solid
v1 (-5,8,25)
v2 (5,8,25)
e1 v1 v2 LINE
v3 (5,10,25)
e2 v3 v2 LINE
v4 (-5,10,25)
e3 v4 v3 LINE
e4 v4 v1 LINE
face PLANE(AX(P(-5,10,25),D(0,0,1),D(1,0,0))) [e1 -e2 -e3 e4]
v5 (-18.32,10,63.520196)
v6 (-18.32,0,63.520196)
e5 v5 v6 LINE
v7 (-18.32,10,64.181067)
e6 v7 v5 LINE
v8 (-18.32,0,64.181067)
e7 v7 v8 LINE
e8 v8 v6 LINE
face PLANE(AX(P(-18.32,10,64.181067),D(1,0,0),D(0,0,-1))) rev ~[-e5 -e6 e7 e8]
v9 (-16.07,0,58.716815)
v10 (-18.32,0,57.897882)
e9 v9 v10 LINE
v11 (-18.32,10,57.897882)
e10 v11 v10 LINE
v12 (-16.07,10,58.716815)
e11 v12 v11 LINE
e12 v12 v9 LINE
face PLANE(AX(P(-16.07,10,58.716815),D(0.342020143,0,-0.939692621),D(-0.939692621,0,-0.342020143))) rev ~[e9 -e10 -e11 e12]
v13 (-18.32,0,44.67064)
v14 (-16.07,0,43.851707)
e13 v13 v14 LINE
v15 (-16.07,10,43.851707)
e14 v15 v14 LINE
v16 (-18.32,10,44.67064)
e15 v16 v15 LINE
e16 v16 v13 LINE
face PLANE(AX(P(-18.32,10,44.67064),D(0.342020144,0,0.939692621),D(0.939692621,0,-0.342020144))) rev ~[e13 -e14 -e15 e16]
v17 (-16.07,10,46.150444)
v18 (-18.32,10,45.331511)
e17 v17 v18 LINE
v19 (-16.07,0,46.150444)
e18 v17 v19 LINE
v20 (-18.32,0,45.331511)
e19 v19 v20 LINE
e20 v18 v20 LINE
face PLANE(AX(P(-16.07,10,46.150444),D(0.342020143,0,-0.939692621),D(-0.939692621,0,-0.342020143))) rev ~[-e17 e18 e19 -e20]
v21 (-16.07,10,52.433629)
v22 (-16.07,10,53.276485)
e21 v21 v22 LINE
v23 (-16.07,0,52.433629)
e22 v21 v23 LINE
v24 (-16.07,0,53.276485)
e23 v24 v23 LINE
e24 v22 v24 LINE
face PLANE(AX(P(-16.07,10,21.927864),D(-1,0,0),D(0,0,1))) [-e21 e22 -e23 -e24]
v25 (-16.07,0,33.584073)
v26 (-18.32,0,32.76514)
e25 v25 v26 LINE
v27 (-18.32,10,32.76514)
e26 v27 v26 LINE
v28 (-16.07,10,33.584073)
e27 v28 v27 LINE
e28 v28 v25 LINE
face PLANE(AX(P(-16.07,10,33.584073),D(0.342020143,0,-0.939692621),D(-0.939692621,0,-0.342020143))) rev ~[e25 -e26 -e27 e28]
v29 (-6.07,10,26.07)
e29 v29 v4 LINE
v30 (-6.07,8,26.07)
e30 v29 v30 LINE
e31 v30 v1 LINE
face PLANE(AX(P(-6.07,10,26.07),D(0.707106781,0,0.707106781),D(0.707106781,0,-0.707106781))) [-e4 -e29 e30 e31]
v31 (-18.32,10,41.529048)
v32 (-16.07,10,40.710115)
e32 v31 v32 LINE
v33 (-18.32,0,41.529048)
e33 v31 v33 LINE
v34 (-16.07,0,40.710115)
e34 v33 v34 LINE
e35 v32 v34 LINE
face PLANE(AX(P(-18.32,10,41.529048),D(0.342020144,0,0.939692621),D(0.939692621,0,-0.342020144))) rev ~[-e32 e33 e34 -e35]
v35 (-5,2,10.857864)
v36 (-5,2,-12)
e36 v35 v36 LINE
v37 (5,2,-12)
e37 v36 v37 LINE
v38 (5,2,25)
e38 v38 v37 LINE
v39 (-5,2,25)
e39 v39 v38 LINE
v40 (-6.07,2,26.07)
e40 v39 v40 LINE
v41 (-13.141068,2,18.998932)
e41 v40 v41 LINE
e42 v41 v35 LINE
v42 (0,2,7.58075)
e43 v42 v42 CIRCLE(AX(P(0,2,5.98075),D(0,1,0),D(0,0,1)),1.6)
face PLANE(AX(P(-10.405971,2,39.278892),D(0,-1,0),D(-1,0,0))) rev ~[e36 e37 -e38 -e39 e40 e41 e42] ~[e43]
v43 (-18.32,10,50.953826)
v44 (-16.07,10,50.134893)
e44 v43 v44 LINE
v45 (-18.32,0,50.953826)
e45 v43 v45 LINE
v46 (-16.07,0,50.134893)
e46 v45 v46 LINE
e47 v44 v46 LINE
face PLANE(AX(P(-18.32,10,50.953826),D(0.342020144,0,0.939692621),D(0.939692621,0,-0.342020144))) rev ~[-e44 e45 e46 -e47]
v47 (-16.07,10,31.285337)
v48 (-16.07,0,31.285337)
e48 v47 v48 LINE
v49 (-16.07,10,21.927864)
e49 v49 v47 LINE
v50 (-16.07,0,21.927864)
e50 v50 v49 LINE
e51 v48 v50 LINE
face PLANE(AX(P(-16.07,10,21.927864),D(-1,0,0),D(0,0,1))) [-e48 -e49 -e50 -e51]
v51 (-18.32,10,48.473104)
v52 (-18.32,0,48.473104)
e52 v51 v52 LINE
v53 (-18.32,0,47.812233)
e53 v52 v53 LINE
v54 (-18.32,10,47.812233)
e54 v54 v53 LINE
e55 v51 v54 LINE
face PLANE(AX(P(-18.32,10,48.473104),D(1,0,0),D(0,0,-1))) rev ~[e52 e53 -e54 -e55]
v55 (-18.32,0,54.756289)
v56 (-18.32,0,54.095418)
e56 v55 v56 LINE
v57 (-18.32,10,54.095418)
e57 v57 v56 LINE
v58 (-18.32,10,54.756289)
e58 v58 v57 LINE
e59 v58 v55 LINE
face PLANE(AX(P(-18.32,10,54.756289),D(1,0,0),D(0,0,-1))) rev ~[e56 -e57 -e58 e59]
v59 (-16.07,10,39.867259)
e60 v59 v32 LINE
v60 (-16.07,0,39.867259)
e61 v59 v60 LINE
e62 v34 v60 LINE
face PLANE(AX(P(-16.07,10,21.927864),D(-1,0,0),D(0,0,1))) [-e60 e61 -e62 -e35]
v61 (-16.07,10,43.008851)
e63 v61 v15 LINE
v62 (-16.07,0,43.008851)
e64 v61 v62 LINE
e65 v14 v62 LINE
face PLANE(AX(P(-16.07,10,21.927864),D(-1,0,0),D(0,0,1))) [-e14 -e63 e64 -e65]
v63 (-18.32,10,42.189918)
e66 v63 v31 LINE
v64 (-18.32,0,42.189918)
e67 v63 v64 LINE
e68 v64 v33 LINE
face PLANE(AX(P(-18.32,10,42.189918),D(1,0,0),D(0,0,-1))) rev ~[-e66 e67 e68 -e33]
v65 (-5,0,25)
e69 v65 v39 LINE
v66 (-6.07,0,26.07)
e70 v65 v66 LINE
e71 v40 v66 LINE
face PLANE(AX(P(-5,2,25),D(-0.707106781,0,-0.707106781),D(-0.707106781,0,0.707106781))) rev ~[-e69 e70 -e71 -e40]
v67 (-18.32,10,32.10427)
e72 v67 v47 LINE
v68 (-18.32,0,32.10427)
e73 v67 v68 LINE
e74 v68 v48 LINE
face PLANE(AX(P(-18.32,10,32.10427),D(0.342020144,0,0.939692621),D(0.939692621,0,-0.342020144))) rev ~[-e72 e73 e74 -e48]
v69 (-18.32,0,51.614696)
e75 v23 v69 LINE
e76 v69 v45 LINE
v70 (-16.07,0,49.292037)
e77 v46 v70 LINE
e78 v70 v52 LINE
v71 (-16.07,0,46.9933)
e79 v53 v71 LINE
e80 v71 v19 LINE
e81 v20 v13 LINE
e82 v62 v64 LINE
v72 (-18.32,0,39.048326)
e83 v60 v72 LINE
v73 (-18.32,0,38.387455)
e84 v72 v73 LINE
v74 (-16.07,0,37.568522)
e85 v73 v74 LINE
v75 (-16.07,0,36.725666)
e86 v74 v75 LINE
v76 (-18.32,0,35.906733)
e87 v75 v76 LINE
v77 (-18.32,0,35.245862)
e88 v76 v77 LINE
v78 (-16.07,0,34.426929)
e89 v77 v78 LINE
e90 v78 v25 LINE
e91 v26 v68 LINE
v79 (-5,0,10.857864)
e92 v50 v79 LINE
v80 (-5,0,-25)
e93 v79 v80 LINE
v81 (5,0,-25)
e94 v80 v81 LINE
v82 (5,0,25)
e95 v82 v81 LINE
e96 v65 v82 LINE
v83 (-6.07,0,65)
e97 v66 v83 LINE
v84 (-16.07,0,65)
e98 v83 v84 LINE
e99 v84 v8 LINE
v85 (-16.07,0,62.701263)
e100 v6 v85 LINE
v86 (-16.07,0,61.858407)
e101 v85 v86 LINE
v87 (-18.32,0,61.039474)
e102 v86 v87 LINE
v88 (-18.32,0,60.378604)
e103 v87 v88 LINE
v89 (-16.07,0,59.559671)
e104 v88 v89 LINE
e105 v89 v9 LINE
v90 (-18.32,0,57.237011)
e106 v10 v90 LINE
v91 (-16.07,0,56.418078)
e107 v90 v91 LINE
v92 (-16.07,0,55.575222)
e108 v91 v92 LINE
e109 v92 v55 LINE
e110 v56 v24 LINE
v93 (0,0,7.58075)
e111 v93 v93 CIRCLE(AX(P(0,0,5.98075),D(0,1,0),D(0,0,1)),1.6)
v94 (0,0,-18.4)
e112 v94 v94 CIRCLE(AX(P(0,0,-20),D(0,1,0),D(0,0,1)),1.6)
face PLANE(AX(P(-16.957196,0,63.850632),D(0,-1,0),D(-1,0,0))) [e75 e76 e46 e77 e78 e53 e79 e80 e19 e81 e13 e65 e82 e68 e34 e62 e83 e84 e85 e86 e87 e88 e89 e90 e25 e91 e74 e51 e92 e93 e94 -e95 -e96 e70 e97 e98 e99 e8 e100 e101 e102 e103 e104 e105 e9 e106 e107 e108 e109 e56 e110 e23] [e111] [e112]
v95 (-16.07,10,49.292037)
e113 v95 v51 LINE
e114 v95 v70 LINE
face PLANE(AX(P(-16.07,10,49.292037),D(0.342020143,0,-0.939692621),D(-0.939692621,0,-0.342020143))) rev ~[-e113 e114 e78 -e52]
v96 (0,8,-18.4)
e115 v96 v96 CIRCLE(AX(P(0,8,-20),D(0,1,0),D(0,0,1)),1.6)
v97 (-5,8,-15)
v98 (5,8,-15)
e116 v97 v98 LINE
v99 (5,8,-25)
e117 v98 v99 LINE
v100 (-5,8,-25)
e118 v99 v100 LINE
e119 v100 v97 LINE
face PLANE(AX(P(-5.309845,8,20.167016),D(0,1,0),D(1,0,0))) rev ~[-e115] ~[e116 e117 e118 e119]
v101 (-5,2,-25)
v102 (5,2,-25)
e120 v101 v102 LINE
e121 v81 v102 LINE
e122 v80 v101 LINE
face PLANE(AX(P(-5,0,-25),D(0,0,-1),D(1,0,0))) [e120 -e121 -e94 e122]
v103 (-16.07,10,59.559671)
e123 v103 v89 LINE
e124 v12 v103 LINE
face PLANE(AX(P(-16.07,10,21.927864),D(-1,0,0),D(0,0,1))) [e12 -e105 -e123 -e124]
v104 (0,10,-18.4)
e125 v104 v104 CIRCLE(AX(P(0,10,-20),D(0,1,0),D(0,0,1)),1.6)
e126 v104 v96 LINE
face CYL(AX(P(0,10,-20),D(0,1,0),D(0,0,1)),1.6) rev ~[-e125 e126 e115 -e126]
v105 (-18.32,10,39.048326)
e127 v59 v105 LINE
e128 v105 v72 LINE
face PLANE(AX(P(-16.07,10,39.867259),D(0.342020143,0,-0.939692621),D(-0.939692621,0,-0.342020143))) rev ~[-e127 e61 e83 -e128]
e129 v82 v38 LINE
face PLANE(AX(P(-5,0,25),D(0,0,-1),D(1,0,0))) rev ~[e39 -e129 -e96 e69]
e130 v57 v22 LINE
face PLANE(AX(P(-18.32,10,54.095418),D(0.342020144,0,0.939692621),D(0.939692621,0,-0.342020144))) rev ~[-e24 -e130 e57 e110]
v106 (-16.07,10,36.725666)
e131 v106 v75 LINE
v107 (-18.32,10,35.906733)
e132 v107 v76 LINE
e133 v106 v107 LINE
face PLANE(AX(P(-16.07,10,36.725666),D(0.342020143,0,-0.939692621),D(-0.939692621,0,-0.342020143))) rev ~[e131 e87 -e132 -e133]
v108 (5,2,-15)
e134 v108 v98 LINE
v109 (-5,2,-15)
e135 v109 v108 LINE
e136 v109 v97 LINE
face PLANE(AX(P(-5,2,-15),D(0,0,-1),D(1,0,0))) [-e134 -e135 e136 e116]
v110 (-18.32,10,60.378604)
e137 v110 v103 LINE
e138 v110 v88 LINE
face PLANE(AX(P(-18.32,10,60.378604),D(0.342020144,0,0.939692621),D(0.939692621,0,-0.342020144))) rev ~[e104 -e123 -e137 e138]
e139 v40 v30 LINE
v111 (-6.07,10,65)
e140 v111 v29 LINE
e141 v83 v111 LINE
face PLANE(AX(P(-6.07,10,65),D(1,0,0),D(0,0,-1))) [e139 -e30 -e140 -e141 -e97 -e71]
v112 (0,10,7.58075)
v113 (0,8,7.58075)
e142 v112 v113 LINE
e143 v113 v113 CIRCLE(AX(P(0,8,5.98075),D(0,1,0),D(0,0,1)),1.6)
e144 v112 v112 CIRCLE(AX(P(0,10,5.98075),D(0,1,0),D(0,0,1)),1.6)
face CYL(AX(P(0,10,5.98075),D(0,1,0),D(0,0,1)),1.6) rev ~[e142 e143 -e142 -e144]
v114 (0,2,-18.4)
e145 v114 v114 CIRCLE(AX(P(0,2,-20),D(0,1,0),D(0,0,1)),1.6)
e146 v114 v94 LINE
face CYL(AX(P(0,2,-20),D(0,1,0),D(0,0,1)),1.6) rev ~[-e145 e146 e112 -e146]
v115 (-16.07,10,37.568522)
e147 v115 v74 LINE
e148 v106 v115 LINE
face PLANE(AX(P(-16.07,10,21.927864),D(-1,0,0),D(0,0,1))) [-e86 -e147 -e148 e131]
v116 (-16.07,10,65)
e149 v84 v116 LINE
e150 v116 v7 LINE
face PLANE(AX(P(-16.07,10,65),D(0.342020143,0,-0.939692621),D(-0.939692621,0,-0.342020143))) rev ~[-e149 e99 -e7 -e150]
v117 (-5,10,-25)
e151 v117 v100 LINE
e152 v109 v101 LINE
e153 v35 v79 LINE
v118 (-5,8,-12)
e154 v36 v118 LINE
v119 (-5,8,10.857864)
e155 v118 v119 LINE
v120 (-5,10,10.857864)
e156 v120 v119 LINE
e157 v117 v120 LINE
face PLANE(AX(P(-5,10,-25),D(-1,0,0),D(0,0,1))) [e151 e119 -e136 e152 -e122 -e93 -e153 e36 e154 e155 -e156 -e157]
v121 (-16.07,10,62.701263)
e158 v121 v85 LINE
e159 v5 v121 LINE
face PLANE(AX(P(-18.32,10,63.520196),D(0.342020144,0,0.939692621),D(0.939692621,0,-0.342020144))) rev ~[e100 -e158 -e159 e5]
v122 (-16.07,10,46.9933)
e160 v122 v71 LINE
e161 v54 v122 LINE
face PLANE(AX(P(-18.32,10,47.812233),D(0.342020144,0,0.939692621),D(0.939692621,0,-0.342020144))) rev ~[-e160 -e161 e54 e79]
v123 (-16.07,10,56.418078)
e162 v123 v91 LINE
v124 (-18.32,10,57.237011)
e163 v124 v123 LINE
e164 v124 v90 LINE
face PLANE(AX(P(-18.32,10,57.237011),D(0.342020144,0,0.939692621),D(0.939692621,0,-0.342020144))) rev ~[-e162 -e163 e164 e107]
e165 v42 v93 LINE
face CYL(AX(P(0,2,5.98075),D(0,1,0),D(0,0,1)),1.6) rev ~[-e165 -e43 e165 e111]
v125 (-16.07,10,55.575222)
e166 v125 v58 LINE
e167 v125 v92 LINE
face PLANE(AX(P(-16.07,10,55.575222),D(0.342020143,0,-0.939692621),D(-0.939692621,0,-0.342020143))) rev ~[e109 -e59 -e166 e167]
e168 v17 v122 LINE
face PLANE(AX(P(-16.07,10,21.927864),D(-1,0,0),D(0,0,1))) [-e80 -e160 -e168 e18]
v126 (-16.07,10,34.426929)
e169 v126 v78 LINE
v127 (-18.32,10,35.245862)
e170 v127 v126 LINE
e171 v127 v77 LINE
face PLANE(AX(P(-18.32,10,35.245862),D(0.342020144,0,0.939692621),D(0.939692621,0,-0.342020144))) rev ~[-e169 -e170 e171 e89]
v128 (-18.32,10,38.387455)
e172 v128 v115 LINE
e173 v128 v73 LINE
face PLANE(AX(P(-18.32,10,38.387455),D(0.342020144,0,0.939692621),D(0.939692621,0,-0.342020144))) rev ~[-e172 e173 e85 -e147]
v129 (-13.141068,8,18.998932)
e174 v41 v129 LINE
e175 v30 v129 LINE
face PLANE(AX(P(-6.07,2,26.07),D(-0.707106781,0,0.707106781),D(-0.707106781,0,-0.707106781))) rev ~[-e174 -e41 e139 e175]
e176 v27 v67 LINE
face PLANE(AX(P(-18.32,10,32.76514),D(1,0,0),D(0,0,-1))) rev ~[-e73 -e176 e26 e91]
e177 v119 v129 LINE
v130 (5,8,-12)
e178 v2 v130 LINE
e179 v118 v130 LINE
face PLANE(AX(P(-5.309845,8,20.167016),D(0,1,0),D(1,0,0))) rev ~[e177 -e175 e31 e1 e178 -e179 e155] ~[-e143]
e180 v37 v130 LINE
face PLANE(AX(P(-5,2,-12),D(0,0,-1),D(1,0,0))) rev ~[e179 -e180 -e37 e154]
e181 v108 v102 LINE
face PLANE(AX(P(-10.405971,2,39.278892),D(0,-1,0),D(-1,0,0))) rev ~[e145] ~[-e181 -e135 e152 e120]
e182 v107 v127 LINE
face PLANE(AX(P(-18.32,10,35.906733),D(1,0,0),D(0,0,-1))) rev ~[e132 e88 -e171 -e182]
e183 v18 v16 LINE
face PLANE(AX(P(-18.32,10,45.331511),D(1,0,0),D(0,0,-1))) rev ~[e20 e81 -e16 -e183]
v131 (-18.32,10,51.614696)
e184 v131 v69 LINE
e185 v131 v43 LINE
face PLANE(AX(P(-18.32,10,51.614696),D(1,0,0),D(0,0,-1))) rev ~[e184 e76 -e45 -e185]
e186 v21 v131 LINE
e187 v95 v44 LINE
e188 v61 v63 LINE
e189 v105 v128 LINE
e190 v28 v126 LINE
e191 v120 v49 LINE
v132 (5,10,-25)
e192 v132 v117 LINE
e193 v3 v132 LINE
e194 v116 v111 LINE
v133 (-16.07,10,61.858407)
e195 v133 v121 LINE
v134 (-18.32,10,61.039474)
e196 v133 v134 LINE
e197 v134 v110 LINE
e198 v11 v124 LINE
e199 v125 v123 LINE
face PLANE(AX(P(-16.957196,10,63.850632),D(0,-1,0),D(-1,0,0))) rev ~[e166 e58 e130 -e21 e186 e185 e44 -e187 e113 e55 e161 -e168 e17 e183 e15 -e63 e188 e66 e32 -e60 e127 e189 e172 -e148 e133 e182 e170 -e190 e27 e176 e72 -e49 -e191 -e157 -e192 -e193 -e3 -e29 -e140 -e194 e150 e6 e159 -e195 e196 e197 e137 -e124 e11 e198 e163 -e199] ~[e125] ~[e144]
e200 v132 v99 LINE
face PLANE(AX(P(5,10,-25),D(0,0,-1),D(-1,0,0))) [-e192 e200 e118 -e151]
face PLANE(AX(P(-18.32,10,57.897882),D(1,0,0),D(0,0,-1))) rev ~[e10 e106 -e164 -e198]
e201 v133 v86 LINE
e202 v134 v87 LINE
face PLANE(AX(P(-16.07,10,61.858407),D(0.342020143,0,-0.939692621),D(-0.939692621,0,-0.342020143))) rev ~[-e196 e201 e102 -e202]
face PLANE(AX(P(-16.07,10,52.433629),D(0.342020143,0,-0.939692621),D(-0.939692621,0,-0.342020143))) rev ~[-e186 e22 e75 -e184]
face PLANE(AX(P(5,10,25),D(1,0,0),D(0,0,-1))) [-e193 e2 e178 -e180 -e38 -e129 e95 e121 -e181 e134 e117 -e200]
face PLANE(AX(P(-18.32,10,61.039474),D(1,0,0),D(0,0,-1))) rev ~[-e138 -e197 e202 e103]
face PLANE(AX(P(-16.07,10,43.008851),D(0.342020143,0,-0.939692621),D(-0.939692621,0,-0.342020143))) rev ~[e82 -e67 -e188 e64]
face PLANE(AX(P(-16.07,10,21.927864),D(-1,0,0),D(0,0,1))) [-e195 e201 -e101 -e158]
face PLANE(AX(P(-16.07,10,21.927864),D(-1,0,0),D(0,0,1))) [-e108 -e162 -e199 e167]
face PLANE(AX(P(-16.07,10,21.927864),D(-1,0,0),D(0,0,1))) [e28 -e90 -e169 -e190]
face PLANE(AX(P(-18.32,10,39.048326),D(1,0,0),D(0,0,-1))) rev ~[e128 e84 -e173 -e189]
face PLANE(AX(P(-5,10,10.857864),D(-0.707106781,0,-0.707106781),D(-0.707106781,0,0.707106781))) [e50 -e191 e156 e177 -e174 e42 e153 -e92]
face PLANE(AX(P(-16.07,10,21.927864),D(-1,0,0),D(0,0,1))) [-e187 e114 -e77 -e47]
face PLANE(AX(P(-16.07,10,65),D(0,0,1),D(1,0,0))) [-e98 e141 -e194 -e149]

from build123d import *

# Parameters (mm, degrees)
SKETCH_1_W             = 10
SKETCH_1_H             = 50
EXTRUDE_1_DEPTH        = 2
CUT_EXTRUDE_1_REACH    = 27.573
SKETCH_2_R             = 1.6
EXTRUDE_5_DEPTH        = 2
SKETCH_4_W             = 10
SKETCH_4_H             = 3
EXTRUDE_2_DEPTH        = 6
EXTRUDE_START          = 2
SKETCH_5_R             = 1.6
EXTRUDE_3_DEPTH        = 2
EXTRUDE_4_DEPTH        = 10
PATTERN_LINEAR_1_COUNT = 11
PATTERN_LINEAR_1_PITCH = 3.141592654


with BuildPart() as part:
    # 草图1 → 凸台-拉伸1 (new body)
    with BuildSketch(Plane(origin=(0, 0, 0), x_dir=(1, 0, 0), z_dir=(0, 1, 0))):
        Rectangle(SKETCH_1_W, SKETCH_1_H)
    extrude(amount=EXTRUDE_1_DEPTH)

    # 草图2 → 切除-拉伸1 (cut, up to next)
    with BuildSketch(Plane(origin=(0, 2, 0), x_dir=(1, 0, 0), z_dir=(0, 1, 0)), mode=Mode.PRIVATE) as cut_extrude_1_sk1:
        with Locations(Location((0, 20, 0), (0, 0, 270))):
            Circle(SKETCH_2_R)
    cut_extrude_1_tool1 = extrude(cut_extrude_1_sk1.sketch, amount=-CUT_EXTRUDE_1_REACH, mode=Mode.PRIVATE) & part.part
    # 草图2 → 切除-拉伸1 (cut, up to next)
    with BuildSketch(Plane(origin=(0, 2, 0), x_dir=(1, 0, 0), z_dir=(0, 1, 0)), mode=Mode.PRIVATE) as cut_extrude_1_sk2:
        with Locations(Location((0, -5.98075, 0), (0, 0, 270))):
            Circle(SKETCH_2_R)
    cut_extrude_1_tool2 = extrude(cut_extrude_1_sk2.sketch, amount=-CUT_EXTRUDE_1_REACH, mode=Mode.PRIVATE) & part.part
    add(cut_extrude_1_tool1.solids().sort_by_distance((0, 2, -20))[0], mode=Mode.SUBTRACT)
    add(cut_extrude_1_tool2.solids().sort_by_distance((0, 2, 5.98075))[0], mode=Mode.SUBTRACT)

    # 草图8 → 凸台-拉伸5 (add)
    with BuildSketch(Plane(origin=(0, 2, 0), x_dir=(1, 0, 0), z_dir=(0, 1, 0))):
        Polygon((-5, -25), (-6.07, -26.07), (-6.07, -65), (-16.07, -65), (-16.07, -21.927864376), (-5, -10.857864376), align=None)
    extrude(amount=-EXTRUDE_5_DEPTH)

    # 草图4 → 凸台-拉伸2 (add)
    with BuildSketch(Plane(origin=(0, 2, 0), x_dir=(1, 0, 0), z_dir=(0, 1, 0))):
        with Locations((0, 13.5)):
            Rectangle(SKETCH_4_W, SKETCH_4_H)
        Polygon((-6.07, -26.07), (-13.141067812, -18.998932188), (-16.07, -21.927864376), (-16.07, -65), (-6.07, -65), align=None)
    extrude(amount=EXTRUDE_2_DEPTH)

    # 草图5 → 凸台-拉伸3 (add)
    with BuildSketch(Plane(origin=(0, 8, 0), x_dir=(1, 0, 0), z_dir=(0, 1, 0)).offset(EXTRUDE_START)):
        Polygon((-5, 25), (-5, -10.857864376), (-16.07, -21.927864376), (-16.07, -65), (-6.07, -65), (-6.07, -26.07), (-5, -25), (5, -25), (5, 25), align=None)
        with Locations(Location((0, -5.98075, 0), (0, 0, 270))):
            Circle(SKETCH_5_R, mode=Mode.SUBTRACT)
        with Locations(Location((0, 20, 0), (0, 0, 270))):
            Circle(SKETCH_5_R, mode=Mode.SUBTRACT)
    extrude(amount=-EXTRUDE_3_DEPTH)

    # 草图7 → 凸台-拉伸4 (add)
    with BuildSketch(Plane(origin=(0, 10, 0), x_dir=(1, 0, 0), z_dir=(0, 1, 0))):
        Polygon((-16.07, -65), (-18.32, -64.181066973), (-18.32, -63.520196234), (-16.07, -62.701263206), align=None)
    extrude_4 = extrude(amount=-EXTRUDE_4_DEPTH)

    # 阵列(线性)1: 凸台-拉伸4 ×11
    with Locations(*[(0, 0, -i * PATTERN_LINEAR_1_PITCH) for i in range(1, PATTERN_LINEAR_1_COUNT)]):
        add(extrude_4)


solid = part.part
